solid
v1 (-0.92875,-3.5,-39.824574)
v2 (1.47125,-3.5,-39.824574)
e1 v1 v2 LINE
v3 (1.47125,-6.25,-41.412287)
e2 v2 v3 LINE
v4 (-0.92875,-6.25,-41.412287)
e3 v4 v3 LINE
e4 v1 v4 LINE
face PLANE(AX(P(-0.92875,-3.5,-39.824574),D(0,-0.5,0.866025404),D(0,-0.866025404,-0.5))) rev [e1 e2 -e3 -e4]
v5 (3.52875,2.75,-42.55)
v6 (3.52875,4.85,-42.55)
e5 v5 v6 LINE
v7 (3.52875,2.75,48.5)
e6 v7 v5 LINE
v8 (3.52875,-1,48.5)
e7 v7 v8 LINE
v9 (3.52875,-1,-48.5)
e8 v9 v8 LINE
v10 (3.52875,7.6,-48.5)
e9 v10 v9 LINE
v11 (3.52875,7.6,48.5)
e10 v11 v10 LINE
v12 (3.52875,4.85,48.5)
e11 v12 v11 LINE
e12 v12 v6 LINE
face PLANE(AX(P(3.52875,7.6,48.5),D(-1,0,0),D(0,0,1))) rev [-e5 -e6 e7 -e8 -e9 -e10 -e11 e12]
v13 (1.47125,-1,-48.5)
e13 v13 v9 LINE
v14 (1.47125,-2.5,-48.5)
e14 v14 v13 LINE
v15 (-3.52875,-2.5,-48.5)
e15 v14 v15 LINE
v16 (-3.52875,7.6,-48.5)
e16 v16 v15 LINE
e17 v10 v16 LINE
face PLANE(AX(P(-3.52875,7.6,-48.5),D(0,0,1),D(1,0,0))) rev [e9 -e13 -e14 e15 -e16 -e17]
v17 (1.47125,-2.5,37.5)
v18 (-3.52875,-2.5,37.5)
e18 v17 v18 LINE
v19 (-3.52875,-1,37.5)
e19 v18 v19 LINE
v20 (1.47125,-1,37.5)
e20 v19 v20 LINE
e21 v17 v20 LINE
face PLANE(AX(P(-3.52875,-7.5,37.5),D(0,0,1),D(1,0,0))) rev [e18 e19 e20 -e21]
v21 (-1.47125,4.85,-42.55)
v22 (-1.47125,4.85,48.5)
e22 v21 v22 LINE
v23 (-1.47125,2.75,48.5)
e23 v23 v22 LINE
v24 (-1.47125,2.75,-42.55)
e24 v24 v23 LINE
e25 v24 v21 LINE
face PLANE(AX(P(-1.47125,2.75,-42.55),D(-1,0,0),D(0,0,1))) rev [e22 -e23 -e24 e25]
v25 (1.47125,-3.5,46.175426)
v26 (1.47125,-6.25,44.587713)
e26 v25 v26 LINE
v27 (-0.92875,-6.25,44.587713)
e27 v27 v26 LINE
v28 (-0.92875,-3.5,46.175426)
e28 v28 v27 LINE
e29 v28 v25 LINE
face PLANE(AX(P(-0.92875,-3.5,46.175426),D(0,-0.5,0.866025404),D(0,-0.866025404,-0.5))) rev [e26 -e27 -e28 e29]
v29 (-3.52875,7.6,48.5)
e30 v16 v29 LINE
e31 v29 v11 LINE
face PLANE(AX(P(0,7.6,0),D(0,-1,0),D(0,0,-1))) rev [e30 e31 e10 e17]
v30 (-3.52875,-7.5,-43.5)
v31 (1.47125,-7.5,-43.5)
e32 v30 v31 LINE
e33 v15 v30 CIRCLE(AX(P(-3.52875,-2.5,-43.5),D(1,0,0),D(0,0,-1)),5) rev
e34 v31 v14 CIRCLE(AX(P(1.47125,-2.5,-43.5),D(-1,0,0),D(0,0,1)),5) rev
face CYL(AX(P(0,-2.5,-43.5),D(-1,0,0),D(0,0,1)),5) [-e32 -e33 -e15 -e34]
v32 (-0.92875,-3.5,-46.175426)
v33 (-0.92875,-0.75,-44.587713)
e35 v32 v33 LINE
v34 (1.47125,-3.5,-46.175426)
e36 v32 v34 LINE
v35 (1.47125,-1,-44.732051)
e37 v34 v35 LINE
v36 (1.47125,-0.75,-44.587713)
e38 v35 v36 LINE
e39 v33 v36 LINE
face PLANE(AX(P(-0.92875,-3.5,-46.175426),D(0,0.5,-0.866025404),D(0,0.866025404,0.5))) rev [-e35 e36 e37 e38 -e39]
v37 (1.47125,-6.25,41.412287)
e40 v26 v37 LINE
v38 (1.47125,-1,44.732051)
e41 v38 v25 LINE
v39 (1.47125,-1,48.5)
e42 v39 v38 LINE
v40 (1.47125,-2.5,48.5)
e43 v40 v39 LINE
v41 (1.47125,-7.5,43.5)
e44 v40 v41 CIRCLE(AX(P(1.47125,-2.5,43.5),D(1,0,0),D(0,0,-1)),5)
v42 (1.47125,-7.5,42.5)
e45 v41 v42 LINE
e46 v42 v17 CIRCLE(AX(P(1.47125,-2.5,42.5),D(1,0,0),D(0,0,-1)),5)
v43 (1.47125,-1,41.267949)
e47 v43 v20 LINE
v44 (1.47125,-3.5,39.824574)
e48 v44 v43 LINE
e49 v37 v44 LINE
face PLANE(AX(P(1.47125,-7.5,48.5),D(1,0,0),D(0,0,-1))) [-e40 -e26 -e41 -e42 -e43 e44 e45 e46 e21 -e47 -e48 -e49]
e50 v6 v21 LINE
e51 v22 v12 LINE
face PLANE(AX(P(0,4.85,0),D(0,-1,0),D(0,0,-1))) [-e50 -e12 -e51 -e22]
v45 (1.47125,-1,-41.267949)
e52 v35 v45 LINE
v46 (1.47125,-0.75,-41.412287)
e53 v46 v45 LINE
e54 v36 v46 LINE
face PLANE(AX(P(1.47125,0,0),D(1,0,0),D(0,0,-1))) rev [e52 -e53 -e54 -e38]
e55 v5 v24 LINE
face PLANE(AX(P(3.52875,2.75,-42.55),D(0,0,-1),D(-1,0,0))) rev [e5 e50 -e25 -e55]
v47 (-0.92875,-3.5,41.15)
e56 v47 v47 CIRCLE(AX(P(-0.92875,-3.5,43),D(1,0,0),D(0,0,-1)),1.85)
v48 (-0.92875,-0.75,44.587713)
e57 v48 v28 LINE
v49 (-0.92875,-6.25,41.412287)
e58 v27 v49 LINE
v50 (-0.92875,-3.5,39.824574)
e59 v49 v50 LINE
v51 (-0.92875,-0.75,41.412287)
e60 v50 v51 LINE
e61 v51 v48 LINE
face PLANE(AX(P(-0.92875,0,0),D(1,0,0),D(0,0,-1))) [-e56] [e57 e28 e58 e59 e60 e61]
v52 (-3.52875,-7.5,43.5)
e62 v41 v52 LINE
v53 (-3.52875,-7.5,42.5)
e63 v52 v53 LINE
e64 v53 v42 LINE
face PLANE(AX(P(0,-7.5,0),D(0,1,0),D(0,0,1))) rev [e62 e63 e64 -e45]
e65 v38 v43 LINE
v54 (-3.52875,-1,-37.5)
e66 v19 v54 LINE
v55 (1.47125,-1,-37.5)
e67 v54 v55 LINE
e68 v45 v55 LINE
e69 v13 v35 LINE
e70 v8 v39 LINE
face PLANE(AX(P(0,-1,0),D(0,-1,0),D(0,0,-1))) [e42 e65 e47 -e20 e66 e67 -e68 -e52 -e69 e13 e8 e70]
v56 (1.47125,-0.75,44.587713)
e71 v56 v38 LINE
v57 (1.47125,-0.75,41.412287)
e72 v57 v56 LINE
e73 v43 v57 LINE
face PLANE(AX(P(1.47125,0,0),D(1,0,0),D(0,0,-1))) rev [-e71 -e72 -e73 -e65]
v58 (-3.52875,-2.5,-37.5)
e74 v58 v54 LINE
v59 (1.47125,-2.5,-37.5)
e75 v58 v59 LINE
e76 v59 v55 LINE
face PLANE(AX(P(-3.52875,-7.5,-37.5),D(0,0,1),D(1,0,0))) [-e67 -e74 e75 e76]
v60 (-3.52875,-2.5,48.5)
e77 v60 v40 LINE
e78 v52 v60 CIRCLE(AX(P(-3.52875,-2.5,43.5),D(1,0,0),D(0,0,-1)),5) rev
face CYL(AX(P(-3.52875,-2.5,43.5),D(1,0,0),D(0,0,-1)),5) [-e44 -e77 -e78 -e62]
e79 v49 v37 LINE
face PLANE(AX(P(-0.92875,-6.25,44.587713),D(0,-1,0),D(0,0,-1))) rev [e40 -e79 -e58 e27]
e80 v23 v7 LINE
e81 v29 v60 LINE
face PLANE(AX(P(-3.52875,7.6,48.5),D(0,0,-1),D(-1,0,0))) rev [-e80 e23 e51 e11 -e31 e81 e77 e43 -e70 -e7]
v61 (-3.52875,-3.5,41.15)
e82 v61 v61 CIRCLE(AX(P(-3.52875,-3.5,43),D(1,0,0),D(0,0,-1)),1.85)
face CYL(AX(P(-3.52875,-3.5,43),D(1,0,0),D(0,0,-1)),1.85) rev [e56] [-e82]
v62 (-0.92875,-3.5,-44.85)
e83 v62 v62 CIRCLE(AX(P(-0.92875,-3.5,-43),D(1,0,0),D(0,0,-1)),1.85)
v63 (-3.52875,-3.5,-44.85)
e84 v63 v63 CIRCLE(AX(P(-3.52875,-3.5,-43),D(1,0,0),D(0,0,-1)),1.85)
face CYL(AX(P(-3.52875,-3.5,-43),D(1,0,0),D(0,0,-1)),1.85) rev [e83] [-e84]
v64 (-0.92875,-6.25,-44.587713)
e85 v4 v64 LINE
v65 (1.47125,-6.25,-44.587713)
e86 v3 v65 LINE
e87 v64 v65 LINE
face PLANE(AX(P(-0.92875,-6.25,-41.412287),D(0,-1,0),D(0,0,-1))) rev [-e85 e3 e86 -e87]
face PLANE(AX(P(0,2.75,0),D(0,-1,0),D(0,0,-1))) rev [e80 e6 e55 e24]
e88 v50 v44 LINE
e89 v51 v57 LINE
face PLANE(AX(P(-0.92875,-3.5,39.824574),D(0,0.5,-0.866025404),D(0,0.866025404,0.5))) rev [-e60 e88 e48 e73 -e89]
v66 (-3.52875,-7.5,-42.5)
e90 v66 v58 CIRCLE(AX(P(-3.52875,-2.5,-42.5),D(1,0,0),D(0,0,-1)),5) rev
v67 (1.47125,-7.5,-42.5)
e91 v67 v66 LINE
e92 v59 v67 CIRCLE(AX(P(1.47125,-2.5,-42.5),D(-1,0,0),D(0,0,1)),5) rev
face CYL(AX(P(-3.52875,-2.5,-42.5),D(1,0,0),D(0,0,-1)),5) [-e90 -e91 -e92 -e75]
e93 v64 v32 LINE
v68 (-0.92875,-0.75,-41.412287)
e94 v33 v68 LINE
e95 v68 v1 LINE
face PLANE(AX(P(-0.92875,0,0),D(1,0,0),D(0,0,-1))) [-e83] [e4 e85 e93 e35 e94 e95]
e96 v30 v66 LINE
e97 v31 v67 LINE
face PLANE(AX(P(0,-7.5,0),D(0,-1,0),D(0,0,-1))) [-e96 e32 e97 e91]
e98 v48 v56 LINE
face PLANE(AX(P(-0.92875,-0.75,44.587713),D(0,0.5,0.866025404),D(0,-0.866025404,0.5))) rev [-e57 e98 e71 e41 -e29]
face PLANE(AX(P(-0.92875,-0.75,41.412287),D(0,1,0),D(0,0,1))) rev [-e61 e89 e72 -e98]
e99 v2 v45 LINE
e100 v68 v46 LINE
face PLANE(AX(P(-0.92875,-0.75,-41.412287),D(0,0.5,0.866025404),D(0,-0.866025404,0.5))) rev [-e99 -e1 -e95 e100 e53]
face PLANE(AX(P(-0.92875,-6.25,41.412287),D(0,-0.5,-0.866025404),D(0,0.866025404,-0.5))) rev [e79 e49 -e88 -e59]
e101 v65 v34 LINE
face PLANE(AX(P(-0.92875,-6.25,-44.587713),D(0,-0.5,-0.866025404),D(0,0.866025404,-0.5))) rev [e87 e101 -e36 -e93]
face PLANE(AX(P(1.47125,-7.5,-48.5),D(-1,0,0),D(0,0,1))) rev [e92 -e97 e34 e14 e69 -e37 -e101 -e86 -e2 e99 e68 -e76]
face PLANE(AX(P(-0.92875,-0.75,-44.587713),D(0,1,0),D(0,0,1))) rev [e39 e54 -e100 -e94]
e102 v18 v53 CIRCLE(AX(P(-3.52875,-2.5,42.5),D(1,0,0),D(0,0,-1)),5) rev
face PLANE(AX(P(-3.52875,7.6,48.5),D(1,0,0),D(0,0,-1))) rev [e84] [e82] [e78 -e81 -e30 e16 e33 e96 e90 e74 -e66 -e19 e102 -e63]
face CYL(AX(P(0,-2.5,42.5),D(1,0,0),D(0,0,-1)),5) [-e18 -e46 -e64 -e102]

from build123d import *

# Parameters (mm, degrees)
SKETCH1_W           = 7.0575
SKETCH1_H           = 97
BOSS_EXTRUDE2_DEPTH = 7.6
SKETCH4_W           = 5
SKETCH4_H           = 91.05
CUT_EXTRUDE1_DEPTH  = 4.85
SKETCH6_W           = 5
SKETCH6_H           = 91.05
BOSS_EXTRUDE3_DEPTH = 2.75
SKETCH8_W           = 7.0575
SKETCH8_H           = 97
BOSS_EXTRUDE4_DEPTH = 1
SKETCH9_W           = 5
SKETCH9_H           = 11
BOSS_EXTRUDE5_DEPTH = 6.5
CUT_EXTRUDE2_DEPTH  = 2.4
SKETCH11_R          = 1.85
CUT_EXTRUDE3_DEPTH  = 50.293805962
FILLET2_R           = 5


with BuildPart() as part:
    # Sketch1 → Boss-Extrude2 (new body)
    with BuildSketch(Plane(origin=(0, 0, 0), x_dir=(1, 0, 0), z_dir=(0, 1, 0))):
        Rectangle(SKETCH1_W, SKETCH1_H)
    extrude(amount=BOSS_EXTRUDE2_DEPTH)

    # Sketch4 → Cut-Extrude1 (cut)
    with BuildSketch(Plane(origin=(0, 7.6, 0), x_dir=(1, 0, 0), z_dir=(0, 1, 0))):
        with Locations((1.02875, -2.975)):
            Rectangle(SKETCH4_W, SKETCH4_H)
    extrude(amount=-CUT_EXTRUDE1_DEPTH, mode=Mode.SUBTRACT)

    # Sketch6 → Boss-Extrude3 (add)
    with BuildSketch(Plane(origin=(0, 7.6, 0), x_dir=(1, 0, 0), z_dir=(0, 1, 0))):
        with Locations((1.02875, -2.975)):
            Rectangle(SKETCH6_W, SKETCH6_H)
    extrude(amount=-BOSS_EXTRUDE3_DEPTH)

    # Sketch8 → Boss-Extrude4 (add)
    with BuildSketch(Plane.XZ):
        Rectangle(SKETCH8_W, SKETCH8_H)
    extrude(amount=BOSS_EXTRUDE4_DEPTH)

    # Sketch9 → Boss-Extrude5 (add)
    with BuildSketch(Plane.XZ.offset(1)):
        with Locations((-1.02875, 43)):
            Rectangle(SKETCH9_W, SKETCH9_H)
        with Locations((-1.02875, -43)):
            Rectangle(SKETCH9_W, SKETCH9_H)
    extrude(amount=BOSS_EXTRUDE5_DEPTH)

    # Sketch10 → Cut-Extrude2 (cut)
    with BuildSketch(Plane(origin=(1.47125, 0, 0), x_dir=(0, 0, -1), z_dir=(1, 0, 0))):
        Polygon((-44.58771324, -0.75), (-46.175426481, -3.5), (-44.58771324, -6.25), (-41.41228676, -6.25), (-39.824573519, -3.5), (-41.41228676, -0.75), align=None)
        Polygon((46.175426481, -3.5), (44.58771324, -0.75), (41.41228676, -0.75), (39.824573519, -3.5), (41.41228676, -6.25), (44.58771324, -6.25), align=None)
    extrude(amount=-CUT_EXTRUDE2_DEPTH, mode=Mode.SUBTRACT)

    # Sketch11 → Cut-Extrude3 (cut, through all)
    with BuildSketch(Plane(origin=(-0.92875, 0, 0), x_dir=(0, 0, -1), z_dir=(1, 0, 0))):
        with Locations((-43, -3.5)):
            Circle(SKETCH11_R)
        with Locations((43, -3.5)):
            Circle(SKETCH11_R)
    extrude(amount=-CUT_EXTRUDE3_DEPTH, mode=Mode.SUBTRACT)

    # Fillet2
    fillet2_edges = [part.edges().sort_by_distance(p)[0] for p in [
        (-1.02875, -7.5, 48.5),
        (-1.02875, -7.5, 37.5),
        (-1.02875, -7.5, -37.5),
        (-1.02875, -7.5, -48.5),
    ]]
    fillet(fillet2_edges, radius=FILLET2_R)


solid = part.part
